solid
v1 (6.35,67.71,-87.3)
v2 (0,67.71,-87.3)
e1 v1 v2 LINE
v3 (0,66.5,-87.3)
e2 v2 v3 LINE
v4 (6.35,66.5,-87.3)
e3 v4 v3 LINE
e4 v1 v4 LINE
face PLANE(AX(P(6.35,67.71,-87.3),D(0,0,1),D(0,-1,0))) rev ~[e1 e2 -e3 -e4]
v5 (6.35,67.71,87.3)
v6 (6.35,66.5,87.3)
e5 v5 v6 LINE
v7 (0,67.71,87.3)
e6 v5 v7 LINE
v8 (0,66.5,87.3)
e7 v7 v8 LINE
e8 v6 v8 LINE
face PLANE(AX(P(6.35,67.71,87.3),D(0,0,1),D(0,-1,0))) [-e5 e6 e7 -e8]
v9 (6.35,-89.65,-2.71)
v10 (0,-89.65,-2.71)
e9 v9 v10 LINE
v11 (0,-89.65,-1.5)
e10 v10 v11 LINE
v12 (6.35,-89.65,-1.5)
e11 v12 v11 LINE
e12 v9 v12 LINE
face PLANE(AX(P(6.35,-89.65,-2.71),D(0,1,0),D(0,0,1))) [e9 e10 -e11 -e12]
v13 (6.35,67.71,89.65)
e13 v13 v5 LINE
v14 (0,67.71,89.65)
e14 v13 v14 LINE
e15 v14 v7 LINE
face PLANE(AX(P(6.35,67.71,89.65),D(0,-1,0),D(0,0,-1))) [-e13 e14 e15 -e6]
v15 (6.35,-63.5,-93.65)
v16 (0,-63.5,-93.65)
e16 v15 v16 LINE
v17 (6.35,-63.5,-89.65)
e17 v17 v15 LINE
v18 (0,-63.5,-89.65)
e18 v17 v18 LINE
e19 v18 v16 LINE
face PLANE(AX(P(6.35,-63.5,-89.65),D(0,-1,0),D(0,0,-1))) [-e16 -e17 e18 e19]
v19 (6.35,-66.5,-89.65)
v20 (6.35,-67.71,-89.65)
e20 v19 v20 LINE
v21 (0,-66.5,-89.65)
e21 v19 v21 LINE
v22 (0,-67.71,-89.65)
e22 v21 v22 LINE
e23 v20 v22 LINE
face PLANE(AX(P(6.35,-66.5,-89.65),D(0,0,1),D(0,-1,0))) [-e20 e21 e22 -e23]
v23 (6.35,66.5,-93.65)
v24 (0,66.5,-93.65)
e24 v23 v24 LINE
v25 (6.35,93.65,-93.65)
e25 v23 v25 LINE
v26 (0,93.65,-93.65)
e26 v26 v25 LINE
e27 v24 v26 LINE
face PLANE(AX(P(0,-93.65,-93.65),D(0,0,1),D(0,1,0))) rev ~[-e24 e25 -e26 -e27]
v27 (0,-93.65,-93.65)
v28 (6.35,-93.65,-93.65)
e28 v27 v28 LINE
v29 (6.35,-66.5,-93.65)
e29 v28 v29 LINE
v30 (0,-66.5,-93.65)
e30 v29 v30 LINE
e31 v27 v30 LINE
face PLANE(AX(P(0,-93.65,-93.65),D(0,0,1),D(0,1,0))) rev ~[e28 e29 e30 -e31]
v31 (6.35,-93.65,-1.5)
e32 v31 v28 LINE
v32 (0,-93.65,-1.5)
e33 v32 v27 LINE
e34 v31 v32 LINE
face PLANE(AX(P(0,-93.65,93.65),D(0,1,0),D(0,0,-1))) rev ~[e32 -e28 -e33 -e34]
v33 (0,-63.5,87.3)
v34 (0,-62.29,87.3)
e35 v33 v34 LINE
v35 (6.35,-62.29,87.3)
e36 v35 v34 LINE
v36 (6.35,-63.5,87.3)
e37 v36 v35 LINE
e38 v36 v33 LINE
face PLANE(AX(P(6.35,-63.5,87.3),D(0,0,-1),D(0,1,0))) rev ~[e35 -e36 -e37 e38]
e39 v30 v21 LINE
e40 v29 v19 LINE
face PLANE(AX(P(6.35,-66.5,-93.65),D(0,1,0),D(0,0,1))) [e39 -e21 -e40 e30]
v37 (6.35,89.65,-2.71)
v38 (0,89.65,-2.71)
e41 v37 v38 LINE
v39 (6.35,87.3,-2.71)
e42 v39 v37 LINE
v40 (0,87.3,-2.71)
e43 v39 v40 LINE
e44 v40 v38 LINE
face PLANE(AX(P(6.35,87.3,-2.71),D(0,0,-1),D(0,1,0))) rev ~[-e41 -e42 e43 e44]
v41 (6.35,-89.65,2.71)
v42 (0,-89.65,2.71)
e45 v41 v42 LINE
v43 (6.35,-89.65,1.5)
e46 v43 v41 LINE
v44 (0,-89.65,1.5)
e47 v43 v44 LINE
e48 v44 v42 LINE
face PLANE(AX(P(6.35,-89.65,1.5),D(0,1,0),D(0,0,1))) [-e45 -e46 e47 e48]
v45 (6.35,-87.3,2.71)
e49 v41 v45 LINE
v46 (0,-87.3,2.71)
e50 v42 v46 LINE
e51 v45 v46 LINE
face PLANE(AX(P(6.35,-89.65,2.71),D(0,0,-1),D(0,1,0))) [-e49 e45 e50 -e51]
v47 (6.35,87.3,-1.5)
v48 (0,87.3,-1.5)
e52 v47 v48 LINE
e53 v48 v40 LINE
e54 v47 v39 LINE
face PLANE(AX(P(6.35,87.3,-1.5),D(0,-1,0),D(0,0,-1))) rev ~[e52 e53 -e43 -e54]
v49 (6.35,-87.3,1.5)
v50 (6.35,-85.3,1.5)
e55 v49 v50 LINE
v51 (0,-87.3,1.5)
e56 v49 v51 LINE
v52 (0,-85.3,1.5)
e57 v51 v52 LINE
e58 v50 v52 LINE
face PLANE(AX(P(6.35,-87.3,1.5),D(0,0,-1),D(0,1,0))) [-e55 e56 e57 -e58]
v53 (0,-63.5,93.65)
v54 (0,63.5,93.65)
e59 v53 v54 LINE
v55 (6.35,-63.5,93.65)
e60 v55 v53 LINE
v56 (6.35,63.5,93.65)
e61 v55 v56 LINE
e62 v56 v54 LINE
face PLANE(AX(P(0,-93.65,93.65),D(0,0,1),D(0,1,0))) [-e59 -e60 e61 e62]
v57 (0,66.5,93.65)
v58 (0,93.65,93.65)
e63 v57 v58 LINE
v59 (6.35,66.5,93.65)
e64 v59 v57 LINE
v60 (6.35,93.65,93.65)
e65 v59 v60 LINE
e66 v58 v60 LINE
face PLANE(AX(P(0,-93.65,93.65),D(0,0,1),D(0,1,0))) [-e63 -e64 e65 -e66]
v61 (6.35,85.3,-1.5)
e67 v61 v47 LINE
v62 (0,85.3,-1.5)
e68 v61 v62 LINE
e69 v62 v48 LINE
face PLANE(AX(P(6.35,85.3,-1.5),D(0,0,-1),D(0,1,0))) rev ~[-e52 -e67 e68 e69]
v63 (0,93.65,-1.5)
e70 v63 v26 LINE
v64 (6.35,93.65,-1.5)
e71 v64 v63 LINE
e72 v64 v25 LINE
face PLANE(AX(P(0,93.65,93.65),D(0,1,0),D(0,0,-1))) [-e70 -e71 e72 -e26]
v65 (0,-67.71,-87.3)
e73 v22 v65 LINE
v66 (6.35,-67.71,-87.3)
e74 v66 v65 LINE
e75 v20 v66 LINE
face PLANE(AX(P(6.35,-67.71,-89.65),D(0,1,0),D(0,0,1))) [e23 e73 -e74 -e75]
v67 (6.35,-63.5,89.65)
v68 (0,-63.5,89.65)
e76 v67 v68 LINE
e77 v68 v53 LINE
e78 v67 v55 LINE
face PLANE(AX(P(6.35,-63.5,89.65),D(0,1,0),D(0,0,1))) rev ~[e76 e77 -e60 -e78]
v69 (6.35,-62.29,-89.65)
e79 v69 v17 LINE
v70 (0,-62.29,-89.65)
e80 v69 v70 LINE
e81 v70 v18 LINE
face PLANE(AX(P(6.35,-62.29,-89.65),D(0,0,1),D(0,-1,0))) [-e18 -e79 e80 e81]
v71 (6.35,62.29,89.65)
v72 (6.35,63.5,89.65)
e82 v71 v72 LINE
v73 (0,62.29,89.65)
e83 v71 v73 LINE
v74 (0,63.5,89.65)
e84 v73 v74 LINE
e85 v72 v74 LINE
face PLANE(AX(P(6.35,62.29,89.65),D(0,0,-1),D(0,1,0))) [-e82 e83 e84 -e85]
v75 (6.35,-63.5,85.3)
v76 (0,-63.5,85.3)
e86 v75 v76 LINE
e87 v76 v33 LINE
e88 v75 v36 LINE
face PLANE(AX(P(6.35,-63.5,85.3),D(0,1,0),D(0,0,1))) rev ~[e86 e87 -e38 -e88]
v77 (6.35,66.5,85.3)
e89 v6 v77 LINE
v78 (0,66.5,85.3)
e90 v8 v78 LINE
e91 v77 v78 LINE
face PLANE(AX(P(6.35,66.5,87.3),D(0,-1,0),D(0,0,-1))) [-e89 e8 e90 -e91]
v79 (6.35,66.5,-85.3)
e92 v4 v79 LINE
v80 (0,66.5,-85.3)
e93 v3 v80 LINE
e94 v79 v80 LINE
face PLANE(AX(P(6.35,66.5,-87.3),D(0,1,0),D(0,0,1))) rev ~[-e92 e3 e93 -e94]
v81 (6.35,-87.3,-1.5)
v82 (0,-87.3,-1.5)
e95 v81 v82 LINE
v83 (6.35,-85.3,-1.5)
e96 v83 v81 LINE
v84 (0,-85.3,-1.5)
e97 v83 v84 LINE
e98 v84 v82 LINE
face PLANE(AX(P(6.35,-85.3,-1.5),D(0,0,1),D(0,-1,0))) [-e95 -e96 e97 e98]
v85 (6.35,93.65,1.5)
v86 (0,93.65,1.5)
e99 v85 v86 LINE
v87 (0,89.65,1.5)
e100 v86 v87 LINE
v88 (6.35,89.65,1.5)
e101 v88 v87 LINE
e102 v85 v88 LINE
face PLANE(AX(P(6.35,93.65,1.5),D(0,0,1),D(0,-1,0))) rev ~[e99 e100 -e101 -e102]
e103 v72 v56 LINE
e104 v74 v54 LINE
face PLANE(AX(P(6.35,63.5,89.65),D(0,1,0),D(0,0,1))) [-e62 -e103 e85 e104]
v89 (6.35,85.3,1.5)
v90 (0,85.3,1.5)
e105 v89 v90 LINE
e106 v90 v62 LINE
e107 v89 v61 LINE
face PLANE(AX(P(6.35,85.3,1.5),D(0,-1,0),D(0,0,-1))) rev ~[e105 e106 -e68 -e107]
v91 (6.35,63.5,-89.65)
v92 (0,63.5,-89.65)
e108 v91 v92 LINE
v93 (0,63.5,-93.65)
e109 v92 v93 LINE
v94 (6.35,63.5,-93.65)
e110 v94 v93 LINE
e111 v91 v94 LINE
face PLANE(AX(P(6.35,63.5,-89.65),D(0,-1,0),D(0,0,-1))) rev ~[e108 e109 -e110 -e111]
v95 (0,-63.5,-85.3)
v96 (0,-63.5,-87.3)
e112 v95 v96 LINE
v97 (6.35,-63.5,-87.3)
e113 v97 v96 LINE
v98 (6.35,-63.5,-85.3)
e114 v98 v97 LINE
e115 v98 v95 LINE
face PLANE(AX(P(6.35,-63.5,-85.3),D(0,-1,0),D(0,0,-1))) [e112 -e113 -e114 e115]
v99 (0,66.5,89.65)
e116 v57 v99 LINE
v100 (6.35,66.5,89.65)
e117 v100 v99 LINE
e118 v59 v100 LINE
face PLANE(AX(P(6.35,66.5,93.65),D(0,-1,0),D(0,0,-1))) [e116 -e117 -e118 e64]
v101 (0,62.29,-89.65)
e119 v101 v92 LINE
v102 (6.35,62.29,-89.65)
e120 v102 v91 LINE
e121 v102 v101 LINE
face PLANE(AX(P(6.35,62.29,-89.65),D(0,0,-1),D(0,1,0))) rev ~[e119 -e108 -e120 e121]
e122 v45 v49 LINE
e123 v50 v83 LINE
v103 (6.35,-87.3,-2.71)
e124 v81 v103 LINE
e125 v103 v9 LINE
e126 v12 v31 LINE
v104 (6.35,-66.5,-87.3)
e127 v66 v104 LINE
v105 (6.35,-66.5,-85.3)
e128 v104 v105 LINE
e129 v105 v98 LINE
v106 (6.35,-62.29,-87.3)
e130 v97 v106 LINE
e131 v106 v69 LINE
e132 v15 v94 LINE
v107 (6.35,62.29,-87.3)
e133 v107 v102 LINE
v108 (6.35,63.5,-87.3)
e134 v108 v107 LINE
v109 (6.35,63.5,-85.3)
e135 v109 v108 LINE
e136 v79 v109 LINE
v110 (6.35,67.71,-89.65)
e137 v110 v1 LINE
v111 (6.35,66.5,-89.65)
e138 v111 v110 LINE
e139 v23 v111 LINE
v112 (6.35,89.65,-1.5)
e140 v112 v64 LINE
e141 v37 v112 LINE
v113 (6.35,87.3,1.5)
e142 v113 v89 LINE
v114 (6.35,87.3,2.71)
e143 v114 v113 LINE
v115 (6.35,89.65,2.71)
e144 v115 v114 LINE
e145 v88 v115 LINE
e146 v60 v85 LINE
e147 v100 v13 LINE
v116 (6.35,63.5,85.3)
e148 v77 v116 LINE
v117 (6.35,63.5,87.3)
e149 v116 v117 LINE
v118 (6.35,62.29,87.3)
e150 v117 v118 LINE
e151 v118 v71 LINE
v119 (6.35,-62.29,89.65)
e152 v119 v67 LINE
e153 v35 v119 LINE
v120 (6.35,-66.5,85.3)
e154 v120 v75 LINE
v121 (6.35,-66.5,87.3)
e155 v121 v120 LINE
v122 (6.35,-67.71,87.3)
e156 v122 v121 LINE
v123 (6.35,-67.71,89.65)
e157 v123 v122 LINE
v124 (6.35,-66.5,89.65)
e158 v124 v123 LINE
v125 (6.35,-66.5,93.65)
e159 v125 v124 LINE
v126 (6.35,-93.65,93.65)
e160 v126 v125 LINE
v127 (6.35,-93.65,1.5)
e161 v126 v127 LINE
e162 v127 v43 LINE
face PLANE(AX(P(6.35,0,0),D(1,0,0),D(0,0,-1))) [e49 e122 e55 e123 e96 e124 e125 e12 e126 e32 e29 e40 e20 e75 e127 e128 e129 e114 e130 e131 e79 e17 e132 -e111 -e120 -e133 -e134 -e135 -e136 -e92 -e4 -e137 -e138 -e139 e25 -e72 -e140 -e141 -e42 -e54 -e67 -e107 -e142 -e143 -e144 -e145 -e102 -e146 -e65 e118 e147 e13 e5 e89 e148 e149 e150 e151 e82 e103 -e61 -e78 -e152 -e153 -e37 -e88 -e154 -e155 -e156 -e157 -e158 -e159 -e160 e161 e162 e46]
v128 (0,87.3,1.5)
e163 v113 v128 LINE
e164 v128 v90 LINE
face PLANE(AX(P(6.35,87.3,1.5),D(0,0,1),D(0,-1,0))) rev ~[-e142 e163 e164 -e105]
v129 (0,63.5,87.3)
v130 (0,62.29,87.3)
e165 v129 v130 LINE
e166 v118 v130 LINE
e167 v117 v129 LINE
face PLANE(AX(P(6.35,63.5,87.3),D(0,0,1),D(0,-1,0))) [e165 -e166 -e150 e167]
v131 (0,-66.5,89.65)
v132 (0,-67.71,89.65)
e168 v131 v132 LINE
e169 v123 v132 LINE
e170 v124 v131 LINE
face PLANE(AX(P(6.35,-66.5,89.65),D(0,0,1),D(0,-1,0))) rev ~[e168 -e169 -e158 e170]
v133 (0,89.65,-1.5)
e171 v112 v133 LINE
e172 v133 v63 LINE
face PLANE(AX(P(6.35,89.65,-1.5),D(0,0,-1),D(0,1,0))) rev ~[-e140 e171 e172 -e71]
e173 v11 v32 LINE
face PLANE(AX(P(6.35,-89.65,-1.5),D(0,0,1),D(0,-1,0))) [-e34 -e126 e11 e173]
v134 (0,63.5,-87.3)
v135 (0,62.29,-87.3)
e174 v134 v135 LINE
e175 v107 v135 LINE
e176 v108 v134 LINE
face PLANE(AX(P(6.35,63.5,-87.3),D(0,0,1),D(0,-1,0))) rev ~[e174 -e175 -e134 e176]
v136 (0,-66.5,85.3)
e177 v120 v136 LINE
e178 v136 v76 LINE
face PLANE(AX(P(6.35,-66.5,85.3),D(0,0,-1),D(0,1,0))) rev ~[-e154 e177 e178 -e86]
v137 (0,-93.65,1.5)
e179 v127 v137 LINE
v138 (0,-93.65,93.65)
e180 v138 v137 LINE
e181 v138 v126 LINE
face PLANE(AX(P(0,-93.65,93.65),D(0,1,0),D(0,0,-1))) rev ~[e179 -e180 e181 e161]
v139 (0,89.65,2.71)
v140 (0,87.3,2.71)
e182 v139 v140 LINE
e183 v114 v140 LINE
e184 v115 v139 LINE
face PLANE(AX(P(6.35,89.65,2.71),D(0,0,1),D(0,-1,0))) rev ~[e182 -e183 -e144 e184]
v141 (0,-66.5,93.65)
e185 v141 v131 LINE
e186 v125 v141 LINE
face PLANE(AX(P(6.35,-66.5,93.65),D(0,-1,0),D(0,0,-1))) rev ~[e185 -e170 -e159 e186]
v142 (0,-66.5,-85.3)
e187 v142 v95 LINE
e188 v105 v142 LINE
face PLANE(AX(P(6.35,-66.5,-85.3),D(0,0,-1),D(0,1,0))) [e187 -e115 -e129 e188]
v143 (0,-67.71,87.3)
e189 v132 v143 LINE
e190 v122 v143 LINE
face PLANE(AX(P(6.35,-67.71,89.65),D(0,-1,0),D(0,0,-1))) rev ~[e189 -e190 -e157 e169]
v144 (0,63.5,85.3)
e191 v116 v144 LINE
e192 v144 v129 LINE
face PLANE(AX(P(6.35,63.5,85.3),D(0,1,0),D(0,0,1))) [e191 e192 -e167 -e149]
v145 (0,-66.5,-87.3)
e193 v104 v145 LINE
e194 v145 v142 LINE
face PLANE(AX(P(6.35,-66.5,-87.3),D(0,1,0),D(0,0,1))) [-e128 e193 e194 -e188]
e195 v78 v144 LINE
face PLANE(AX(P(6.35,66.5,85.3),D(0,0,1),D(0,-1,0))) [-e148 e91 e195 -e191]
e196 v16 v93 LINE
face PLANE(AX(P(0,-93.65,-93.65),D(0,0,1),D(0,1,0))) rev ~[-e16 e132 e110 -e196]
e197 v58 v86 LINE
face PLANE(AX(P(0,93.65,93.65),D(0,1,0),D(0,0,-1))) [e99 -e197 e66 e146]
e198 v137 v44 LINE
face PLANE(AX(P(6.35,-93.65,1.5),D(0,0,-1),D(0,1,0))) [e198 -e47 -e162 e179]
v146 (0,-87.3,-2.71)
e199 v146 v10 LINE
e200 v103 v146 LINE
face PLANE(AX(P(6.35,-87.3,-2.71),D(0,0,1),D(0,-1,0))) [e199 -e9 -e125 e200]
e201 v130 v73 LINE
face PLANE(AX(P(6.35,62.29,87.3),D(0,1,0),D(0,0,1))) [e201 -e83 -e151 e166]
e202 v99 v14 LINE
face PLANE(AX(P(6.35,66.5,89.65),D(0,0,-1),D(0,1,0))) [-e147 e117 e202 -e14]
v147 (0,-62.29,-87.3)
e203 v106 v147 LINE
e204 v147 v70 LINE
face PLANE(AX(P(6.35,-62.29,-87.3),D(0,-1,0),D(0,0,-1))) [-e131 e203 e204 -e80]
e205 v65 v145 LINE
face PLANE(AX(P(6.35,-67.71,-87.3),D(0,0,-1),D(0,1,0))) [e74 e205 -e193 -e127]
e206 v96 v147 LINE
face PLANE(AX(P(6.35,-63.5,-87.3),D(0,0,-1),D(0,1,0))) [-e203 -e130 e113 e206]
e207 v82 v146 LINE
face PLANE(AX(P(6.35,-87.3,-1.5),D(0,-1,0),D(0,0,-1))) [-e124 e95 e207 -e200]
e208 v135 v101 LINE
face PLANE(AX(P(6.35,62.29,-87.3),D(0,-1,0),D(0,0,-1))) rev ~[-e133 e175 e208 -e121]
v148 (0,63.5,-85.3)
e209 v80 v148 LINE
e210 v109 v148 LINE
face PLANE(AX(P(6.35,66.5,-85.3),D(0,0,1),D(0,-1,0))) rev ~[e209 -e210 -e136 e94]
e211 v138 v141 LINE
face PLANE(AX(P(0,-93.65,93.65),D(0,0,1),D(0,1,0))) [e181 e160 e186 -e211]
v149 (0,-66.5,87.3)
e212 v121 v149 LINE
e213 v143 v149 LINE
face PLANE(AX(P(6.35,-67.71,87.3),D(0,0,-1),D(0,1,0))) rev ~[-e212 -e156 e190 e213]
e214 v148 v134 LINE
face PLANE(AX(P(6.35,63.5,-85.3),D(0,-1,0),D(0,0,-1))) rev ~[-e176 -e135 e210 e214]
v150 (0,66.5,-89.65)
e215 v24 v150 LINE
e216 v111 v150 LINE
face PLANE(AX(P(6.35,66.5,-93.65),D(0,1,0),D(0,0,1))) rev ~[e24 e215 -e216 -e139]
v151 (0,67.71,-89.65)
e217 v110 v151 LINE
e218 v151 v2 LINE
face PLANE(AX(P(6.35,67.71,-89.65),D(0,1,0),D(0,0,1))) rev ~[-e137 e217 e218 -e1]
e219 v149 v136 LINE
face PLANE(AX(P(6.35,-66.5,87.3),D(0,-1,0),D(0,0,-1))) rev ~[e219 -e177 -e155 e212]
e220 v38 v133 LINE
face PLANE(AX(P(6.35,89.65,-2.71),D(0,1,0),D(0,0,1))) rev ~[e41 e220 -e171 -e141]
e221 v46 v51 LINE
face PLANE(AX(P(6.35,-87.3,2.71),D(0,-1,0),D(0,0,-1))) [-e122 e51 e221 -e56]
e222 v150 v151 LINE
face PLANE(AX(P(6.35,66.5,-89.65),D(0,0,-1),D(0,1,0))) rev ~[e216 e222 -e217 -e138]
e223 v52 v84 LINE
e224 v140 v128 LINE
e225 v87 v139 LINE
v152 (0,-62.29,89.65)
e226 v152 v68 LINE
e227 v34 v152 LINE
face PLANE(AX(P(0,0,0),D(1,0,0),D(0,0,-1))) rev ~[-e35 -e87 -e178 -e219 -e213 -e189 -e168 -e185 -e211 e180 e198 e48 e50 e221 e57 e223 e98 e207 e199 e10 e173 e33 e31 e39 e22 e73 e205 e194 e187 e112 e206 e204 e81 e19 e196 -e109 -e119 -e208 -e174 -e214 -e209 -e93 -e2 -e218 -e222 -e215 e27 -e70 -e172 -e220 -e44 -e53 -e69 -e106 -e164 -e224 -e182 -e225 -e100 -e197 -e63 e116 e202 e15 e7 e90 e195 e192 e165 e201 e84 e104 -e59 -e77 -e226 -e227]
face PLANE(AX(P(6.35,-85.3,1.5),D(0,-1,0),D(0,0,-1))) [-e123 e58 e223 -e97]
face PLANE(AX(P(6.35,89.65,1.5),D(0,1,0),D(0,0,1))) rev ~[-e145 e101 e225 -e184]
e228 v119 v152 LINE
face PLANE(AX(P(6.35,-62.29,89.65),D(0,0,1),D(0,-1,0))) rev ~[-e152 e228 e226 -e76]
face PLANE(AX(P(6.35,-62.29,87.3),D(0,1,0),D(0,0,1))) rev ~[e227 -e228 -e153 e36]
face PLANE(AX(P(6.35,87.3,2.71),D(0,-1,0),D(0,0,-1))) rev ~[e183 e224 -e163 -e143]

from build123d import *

# Parameters (mm, degrees)
SKETCH1_W           = 187.3
SKETCH1_H           = 187.3
BOSS_EXTRUDE1_DEPTH = 6.35
CUT_EXTRUDE2_DEPTH  = 7.35


with BuildPart() as part:
    # Sketch1 → Boss-Extrude1 (new body)
    with BuildSketch(Plane(origin=(0, 0, 0), x_dir=(0, 0, -1), z_dir=(1, 0, 0))):
        Rectangle(SKETCH1_W, SKETCH1_H)
    extrude(amount=BOSS_EXTRUDE1_DEPTH)

    # Sketch3 → Cut-Extrude2 (cut, through all)
    with BuildSketch(Plane(origin=(6.35, 0, 0), x_dir=(0, 0, -1), z_dir=(1, 0, 0))):
        Polygon((-93.65, 66.5), (-89.65, 66.5), (-89.65, 67.71), (-87.3, 67.71), (-87.3, 66.5), (-85.3, 66.5), (-85.3, 63.5), (-87.3, 63.5), (-87.3, 62.29), (-89.65, 62.29), (-89.65, 63.5), (-93.65, 63.5), align=None)
        Polygon((-87.3, -63.5), (-87.3, -62.29), (-89.65, -62.29), (-89.65, -63.5), (-93.65, -63.5), (-93.65, -66.5), (-89.65, -66.5), (-89.65, -67.71), (-87.3, -67.71), (-87.3, -66.5), (-85.3, -66.5), (-85.3, -63.5), align=None)
        Polygon((93.65, -66.5), (89.65, -66.5), (89.65, -67.71), (87.3, -67.71), (87.3, -66.5), (85.3, -66.5), (85.3, -63.5), (87.3, -63.5), (87.3, -62.29), (89.65, -62.29), (89.65, -63.5), (93.65, -63.5), align=None)
        Polygon((87.3, 63.5), (87.3, 62.29), (89.65, 62.29), (89.65, 63.5), (93.65, 63.5), (93.65, 66.5), (89.65, 66.5), (89.65, 67.71), (87.3, 67.71), (87.3, 66.5), (85.3, 66.5), (85.3, 63.5), align=None)
        Polygon((-1.5, 93.65), (-1.5, 89.65), (-2.71, 89.65), (-2.71, 87.3), (-1.5, 87.3), (-1.5, 85.3), (1.5, 85.3), (1.5, 87.3), (2.71, 87.3), (2.71, 89.65), (1.5, 89.65), (1.5, 93.65), align=None)
        Polygon((-2.71, -87.3), (-1.5, -87.3), (-1.5, -85.3), (1.5, -85.3), (1.5, -87.3), (2.71, -87.3), (2.71, -89.65), (1.5, -89.65), (1.5, -93.65), (-1.5, -93.65), (-1.5, -89.65), (-2.71, -89.65), align=None)
    extrude(amount=-CUT_EXTRUDE2_DEPTH, mode=Mode.SUBTRACT)


solid = part.part
